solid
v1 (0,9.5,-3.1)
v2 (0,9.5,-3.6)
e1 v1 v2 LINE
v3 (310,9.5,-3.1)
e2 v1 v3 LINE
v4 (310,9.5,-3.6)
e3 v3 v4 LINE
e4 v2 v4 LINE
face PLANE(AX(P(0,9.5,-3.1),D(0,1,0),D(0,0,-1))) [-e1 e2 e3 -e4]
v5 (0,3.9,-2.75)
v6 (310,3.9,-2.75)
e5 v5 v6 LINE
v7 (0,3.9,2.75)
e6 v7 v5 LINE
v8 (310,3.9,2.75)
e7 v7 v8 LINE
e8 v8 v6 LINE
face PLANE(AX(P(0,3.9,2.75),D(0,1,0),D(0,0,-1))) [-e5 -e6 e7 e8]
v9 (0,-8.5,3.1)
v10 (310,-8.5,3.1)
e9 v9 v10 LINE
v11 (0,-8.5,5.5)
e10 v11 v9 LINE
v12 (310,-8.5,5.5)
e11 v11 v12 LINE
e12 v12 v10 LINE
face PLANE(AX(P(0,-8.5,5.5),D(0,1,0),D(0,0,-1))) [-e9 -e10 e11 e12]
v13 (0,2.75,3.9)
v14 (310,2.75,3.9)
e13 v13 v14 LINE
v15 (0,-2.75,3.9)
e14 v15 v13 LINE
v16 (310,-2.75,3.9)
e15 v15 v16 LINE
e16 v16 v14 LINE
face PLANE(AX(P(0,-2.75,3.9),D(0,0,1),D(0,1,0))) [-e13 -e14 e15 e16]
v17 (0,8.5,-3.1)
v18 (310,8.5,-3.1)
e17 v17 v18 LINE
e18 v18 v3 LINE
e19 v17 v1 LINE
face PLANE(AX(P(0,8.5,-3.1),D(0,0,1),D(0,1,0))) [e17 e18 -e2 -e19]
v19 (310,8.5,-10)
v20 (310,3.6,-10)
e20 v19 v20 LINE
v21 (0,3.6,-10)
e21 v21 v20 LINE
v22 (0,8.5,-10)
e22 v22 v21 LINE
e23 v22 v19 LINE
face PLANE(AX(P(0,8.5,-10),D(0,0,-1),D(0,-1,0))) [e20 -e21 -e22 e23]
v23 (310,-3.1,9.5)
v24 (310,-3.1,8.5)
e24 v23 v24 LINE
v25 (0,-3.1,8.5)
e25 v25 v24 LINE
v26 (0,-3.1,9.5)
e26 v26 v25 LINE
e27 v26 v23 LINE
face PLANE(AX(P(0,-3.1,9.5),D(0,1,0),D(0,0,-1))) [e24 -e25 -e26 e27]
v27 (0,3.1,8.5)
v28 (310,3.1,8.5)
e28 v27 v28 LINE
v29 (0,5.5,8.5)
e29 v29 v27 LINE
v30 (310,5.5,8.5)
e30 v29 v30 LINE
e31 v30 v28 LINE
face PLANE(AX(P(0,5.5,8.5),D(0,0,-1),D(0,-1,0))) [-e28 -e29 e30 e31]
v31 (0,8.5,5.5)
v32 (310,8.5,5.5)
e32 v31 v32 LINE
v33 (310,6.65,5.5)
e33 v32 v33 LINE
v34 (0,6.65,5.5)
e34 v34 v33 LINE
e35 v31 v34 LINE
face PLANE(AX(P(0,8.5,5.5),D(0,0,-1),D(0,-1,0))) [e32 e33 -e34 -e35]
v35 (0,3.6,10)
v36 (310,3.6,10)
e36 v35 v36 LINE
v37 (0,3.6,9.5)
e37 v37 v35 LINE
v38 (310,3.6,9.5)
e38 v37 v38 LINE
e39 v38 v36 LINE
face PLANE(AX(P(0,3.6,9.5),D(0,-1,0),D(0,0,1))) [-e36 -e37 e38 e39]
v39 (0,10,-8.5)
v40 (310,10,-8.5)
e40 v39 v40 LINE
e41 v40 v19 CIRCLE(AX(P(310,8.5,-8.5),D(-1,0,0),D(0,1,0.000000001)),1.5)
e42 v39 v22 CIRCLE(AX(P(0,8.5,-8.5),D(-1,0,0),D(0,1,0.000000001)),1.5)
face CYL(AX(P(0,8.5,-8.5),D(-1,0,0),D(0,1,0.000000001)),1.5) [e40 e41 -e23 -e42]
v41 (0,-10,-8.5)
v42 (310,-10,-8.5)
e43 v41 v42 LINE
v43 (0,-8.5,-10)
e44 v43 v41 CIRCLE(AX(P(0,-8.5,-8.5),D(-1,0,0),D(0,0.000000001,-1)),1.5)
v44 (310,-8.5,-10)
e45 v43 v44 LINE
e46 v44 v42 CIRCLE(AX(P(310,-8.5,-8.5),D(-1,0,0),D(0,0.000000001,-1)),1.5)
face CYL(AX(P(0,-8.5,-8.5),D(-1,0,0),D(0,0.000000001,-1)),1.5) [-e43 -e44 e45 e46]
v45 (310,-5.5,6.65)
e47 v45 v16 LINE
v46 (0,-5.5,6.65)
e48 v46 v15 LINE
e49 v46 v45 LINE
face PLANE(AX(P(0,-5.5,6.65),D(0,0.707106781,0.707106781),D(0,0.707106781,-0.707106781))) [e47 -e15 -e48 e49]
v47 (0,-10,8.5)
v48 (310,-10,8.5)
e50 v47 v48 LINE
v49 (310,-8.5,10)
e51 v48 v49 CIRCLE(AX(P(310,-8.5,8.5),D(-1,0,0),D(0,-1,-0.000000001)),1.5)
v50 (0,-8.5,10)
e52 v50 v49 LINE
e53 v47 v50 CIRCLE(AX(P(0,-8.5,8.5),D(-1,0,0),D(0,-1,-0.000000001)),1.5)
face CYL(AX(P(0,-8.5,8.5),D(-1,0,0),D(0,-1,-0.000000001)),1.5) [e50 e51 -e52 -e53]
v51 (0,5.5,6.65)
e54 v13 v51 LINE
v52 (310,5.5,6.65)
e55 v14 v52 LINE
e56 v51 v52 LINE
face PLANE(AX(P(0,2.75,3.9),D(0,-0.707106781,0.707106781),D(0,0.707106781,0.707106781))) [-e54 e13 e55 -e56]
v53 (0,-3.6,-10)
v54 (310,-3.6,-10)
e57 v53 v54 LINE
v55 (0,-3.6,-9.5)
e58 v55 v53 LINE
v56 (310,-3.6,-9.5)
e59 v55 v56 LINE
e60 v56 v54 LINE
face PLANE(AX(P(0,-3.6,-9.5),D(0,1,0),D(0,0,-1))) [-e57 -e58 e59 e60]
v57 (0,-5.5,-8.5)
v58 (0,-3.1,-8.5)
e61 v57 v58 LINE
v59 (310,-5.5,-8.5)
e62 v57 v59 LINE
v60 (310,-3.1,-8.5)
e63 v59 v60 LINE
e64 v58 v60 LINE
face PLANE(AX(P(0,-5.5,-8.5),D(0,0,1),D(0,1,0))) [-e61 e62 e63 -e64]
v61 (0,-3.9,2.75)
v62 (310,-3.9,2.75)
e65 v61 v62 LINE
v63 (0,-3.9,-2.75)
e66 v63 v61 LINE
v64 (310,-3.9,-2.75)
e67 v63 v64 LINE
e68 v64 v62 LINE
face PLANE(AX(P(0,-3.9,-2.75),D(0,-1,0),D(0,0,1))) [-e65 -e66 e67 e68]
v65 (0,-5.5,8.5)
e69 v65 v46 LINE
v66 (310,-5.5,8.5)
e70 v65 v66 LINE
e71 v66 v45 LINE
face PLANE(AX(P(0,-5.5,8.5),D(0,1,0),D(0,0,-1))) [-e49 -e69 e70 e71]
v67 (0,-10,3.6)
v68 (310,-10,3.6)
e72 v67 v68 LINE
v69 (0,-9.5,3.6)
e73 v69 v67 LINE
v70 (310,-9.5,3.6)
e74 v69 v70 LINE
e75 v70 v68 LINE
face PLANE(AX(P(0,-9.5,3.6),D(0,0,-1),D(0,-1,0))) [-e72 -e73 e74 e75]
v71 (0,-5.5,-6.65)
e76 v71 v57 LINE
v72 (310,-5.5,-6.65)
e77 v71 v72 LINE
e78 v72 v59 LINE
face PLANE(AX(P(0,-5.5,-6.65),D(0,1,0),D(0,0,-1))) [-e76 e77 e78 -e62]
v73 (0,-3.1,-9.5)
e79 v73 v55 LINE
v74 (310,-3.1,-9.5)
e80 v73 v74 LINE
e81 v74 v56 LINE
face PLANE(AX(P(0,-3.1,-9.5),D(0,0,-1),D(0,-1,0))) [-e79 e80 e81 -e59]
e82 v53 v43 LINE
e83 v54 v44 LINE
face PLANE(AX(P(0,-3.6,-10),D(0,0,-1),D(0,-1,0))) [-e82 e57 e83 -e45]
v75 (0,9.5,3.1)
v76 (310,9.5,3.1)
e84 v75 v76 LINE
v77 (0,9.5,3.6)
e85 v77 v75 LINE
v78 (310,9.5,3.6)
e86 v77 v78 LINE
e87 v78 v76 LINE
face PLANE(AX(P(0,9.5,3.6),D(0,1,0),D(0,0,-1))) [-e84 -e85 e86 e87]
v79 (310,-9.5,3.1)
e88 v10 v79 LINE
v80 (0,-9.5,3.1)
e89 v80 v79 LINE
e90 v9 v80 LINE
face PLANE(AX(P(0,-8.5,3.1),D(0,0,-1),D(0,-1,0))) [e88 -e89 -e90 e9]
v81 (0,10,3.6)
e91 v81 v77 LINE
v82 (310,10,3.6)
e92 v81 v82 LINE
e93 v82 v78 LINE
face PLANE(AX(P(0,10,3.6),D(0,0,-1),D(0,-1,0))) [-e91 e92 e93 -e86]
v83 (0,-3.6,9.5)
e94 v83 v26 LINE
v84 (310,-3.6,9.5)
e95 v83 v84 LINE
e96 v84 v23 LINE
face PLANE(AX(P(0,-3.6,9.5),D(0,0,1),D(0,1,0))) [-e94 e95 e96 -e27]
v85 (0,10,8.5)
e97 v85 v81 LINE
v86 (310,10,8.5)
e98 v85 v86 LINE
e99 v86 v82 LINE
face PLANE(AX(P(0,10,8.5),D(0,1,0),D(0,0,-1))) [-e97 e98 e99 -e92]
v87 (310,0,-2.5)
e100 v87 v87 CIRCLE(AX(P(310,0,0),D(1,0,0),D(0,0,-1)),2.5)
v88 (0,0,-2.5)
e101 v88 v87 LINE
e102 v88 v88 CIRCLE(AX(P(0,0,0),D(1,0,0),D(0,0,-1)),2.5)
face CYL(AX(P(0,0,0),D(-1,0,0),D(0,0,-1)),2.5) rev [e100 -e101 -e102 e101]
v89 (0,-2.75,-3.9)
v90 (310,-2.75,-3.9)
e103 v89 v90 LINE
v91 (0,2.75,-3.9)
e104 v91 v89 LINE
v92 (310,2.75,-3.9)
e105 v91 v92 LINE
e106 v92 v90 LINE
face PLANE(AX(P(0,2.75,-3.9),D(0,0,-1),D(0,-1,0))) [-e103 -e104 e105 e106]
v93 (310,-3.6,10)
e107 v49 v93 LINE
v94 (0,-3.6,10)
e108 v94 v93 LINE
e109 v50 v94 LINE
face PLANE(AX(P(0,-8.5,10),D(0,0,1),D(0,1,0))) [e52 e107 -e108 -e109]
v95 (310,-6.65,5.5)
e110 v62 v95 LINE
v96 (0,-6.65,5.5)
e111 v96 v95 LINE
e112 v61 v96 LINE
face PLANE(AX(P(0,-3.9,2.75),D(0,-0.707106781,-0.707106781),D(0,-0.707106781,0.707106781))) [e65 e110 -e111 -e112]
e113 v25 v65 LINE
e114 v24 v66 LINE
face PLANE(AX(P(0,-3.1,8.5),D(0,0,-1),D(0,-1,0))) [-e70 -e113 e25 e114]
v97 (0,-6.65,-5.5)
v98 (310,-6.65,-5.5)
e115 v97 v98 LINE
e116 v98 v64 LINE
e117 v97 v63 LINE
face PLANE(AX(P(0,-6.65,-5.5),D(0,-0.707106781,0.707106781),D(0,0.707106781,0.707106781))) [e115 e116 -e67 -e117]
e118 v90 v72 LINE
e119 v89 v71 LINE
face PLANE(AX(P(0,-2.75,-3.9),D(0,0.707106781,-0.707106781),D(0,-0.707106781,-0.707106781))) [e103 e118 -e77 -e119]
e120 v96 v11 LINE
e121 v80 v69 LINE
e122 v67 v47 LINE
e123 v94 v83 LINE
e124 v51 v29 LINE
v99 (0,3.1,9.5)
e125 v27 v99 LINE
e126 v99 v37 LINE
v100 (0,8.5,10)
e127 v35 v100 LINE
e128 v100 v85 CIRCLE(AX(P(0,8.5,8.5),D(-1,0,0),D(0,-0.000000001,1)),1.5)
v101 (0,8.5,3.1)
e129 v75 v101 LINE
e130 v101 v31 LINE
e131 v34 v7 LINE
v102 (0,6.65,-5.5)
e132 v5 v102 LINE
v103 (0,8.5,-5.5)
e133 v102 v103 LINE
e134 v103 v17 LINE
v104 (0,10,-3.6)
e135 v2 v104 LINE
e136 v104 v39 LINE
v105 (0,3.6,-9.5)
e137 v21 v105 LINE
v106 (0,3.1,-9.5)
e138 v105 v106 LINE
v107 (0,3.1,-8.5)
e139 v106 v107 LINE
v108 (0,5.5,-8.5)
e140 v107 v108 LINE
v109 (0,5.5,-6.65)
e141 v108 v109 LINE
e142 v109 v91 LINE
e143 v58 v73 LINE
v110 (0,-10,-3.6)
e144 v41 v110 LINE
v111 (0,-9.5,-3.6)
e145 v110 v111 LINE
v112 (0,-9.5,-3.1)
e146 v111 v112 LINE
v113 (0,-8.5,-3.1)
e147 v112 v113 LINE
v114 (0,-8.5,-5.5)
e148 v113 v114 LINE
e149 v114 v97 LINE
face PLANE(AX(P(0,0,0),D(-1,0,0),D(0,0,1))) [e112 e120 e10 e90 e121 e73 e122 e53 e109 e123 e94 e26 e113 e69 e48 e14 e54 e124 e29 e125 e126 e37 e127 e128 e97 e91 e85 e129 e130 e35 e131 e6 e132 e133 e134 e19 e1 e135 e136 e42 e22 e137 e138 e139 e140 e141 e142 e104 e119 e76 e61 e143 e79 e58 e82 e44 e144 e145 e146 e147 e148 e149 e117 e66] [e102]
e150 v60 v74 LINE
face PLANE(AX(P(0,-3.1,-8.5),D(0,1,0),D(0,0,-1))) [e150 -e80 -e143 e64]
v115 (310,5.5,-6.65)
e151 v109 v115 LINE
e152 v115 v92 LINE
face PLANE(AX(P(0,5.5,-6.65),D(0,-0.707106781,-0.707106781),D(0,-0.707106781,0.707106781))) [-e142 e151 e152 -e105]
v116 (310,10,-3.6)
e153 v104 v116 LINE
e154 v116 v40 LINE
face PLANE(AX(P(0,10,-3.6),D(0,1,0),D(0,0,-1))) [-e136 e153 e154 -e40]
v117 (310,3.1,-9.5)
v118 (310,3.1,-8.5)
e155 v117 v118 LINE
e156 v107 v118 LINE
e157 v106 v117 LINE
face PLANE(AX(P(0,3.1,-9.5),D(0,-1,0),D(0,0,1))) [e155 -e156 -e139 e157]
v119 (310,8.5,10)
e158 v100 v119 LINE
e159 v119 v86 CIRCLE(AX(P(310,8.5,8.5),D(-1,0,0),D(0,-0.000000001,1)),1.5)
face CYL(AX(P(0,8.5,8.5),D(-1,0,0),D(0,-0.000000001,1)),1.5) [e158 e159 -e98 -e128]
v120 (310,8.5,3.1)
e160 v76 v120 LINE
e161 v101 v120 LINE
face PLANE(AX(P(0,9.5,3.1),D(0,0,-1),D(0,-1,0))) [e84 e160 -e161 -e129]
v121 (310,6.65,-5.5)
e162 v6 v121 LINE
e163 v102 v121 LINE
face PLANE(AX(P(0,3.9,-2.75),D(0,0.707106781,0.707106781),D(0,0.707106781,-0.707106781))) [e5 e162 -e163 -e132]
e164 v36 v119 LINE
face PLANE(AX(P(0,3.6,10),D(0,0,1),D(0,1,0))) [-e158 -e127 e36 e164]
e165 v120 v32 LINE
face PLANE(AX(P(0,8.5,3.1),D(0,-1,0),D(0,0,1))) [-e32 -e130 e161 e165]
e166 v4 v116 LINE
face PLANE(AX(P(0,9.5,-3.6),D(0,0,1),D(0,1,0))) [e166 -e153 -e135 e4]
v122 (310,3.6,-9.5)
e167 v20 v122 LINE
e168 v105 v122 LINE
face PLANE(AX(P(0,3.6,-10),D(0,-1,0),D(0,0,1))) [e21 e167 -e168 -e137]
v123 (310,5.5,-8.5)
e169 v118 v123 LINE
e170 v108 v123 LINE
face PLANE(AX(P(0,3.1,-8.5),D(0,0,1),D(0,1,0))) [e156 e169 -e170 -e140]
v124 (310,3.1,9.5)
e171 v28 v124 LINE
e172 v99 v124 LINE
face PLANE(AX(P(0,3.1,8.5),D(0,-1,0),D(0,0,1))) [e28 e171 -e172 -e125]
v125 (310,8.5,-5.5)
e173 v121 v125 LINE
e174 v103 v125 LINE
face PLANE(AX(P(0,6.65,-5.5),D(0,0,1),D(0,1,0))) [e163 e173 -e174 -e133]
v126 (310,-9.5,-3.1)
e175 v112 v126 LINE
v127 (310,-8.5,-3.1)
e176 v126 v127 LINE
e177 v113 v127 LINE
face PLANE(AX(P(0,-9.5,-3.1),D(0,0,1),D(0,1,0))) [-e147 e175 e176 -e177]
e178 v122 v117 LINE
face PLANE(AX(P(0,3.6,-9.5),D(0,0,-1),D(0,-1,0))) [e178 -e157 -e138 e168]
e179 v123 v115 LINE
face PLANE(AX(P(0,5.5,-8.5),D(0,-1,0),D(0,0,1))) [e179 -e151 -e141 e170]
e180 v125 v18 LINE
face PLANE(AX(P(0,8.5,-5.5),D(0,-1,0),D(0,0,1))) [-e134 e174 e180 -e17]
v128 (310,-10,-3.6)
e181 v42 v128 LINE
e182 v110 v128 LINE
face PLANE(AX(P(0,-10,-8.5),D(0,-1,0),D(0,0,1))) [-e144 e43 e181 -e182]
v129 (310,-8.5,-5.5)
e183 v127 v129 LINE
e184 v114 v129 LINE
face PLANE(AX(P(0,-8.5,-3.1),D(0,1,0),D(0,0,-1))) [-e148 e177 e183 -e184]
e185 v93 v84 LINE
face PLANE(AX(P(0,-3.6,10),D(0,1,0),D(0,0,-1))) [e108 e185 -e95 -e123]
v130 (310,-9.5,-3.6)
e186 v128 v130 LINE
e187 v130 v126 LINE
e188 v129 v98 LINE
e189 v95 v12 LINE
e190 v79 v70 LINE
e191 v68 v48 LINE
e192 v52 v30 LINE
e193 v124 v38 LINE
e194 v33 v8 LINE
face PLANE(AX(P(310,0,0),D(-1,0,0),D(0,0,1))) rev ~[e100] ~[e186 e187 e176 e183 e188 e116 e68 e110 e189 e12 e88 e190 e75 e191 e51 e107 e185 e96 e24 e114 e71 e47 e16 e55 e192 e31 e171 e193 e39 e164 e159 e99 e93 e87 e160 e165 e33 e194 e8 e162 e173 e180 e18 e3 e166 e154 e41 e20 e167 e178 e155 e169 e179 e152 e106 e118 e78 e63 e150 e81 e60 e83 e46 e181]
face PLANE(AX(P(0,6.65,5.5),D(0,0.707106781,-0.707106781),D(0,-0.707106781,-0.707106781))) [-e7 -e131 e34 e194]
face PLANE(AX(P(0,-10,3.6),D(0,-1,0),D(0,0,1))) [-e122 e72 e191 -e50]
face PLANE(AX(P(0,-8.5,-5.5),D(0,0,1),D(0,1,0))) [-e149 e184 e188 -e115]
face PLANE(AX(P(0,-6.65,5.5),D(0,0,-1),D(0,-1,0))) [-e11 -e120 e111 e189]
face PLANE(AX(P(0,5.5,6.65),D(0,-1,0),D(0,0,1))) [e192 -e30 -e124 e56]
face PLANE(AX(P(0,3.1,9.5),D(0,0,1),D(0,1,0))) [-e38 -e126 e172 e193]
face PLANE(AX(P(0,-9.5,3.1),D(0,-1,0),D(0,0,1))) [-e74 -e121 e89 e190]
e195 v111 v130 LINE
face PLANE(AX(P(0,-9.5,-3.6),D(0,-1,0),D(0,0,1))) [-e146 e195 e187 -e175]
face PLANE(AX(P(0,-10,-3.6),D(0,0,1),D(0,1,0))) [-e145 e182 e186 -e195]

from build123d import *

# Parameters (mm, degrees)
SKETCH1_R                = 2.5
F_20_X_20_X_R1_5_1_DEPTH = 310


with BuildPart() as part:
    # Sketch1 → 铝型材 20 X 20 X R1.5(1) (new body)
    with BuildSketch(Plane(origin=(0, 0, 0), x_dir=(0, 0, -1), z_dir=(1, 0, 0))):
        with BuildLine():
            Line((-3.6, 10), (-3.6, 9.5))
            Line((-3.6, 9.5), (-3.1, 9.5))
            Line((-3.1, 9.5), (-3.1, 8.5))
            Line((-3.1, 8.5), (-5.5, 8.5))
            Line((-5.5, 8.5), (-5.5, 6.65))
            Line((-5.5, 6.65), (-2.75, 3.9))
            Line((-2.75, 3.9), (2.75, 3.9))
            Line((2.75, 3.9), (5.5, 6.65))
            Line((5.5, 6.65), (5.5, 8.5))
            Line((5.5, 8.5), (3.1, 8.5))
            Line((3.1, 8.5), (3.1, 9.5))
            Line((3.1, 9.5), (3.6, 9.5))
            Line((3.6, 9.5), (3.6, 10))
            Line((3.6, 10), (8.5, 10))
            ThreePointArc((8.5, 10), (9.560660172, 9.560660172), (10, 8.5))
            Line((10, 8.5), (10, 3.6))
            Line((10, 3.6), (9.5, 3.6))
            Line((9.5, 3.6), (9.5, 3.1))
            Line((9.5, 3.1), (8.5, 3.1))
            Line((8.5, 3.1), (8.5, 5.5))
            Line((8.5, 5.5), (6.65, 5.5))
            Line((6.65, 5.5), (3.9, 2.75))
            Line((3.9, 2.75), (3.9, -2.75))
            Line((3.9, -2.75), (6.65, -5.5))
            Line((6.65, -5.5), (8.5, -5.5))
            Line((8.5, -5.5), (8.5, -3.1))
            Line((8.5, -3.1), (9.5, -3.1))
            Line((9.5, -3.1), (9.5, -3.6))
            Line((9.5, -3.6), (10, -3.6))
            Line((10, -3.6), (10, -8.5))
            ThreePointArc((10, -8.5), (9.560660172, -9.560660172), (8.5, -10))
            Line((8.5, -10), (3.6, -10))
            Line((3.6, -10), (3.6, -9.5))
            Line((3.6, -9.5), (3.1, -9.5))
            Line((3.1, -9.5), (3.1, -8.5))
            Line((3.1, -8.5), (5.5, -8.5))
            Line((5.5, -8.5), (5.5, -6.65))
            Line((5.5, -6.65), (2.75, -3.9))
            Line((2.75, -3.9), (-2.75, -3.9))
            Line((-2.75, -3.9), (-5.5, -6.65))
            Line((-5.5, -6.65), (-5.5, -8.5))
            Line((-5.5, -8.5), (-3.1, -8.5))
            Line((-3.1, -8.5), (-3.1, -9.5))
            Line((-3.1, -9.5), (-3.6, -9.5))
            Line((-3.6, -9.5), (-3.6, -10))
            Line((-3.6, -10), (-8.5, -10))
            ThreePointArc((-8.5, -10), (-9.560660172, -9.560660172), (-10, -8.5))
            Line((-10, -8.5), (-10, -3.6))
            Line((-10, -3.6), (-9.5, -3.6))
            Line((-9.5, -3.6), (-9.5, -3.1))
            Line((-9.5, -3.1), (-8.5, -3.1))
            Line((-8.5, -3.1), (-8.5, -5.5))
            Line((-8.5, -5.5), (-6.65, -5.5))
            Line((-6.65, -5.5), (-3.9, -2.75))
            Line((-3.9, -2.75), (-3.9, 2.75))
            Line((-3.9, 2.75), (-6.65, 5.5))
            Line((-6.65, 5.5), (-8.5, 5.5))
            Line((-8.5, 5.5), (-8.5, 3.1))
            Line((-8.5, 3.1), (-9.5, 3.1))
            Line((-9.5, 3.1), (-9.5, 3.6))
            Line((-9.5, 3.6), (-10, 3.6))
            Line((-10, 3.6), (-10, 8.5))
            ThreePointArc((-10, 8.5), (-9.560660172, 9.560660172), (-8.5, 10))
            Line((-8.5, 10), (-3.6, 10))
        make_face()
        Circle(SKETCH1_R, mode=Mode.SUBTRACT)
    extrude(amount=F_20_X_20_X_R1_5_1_DEPTH)


solid = part.part
